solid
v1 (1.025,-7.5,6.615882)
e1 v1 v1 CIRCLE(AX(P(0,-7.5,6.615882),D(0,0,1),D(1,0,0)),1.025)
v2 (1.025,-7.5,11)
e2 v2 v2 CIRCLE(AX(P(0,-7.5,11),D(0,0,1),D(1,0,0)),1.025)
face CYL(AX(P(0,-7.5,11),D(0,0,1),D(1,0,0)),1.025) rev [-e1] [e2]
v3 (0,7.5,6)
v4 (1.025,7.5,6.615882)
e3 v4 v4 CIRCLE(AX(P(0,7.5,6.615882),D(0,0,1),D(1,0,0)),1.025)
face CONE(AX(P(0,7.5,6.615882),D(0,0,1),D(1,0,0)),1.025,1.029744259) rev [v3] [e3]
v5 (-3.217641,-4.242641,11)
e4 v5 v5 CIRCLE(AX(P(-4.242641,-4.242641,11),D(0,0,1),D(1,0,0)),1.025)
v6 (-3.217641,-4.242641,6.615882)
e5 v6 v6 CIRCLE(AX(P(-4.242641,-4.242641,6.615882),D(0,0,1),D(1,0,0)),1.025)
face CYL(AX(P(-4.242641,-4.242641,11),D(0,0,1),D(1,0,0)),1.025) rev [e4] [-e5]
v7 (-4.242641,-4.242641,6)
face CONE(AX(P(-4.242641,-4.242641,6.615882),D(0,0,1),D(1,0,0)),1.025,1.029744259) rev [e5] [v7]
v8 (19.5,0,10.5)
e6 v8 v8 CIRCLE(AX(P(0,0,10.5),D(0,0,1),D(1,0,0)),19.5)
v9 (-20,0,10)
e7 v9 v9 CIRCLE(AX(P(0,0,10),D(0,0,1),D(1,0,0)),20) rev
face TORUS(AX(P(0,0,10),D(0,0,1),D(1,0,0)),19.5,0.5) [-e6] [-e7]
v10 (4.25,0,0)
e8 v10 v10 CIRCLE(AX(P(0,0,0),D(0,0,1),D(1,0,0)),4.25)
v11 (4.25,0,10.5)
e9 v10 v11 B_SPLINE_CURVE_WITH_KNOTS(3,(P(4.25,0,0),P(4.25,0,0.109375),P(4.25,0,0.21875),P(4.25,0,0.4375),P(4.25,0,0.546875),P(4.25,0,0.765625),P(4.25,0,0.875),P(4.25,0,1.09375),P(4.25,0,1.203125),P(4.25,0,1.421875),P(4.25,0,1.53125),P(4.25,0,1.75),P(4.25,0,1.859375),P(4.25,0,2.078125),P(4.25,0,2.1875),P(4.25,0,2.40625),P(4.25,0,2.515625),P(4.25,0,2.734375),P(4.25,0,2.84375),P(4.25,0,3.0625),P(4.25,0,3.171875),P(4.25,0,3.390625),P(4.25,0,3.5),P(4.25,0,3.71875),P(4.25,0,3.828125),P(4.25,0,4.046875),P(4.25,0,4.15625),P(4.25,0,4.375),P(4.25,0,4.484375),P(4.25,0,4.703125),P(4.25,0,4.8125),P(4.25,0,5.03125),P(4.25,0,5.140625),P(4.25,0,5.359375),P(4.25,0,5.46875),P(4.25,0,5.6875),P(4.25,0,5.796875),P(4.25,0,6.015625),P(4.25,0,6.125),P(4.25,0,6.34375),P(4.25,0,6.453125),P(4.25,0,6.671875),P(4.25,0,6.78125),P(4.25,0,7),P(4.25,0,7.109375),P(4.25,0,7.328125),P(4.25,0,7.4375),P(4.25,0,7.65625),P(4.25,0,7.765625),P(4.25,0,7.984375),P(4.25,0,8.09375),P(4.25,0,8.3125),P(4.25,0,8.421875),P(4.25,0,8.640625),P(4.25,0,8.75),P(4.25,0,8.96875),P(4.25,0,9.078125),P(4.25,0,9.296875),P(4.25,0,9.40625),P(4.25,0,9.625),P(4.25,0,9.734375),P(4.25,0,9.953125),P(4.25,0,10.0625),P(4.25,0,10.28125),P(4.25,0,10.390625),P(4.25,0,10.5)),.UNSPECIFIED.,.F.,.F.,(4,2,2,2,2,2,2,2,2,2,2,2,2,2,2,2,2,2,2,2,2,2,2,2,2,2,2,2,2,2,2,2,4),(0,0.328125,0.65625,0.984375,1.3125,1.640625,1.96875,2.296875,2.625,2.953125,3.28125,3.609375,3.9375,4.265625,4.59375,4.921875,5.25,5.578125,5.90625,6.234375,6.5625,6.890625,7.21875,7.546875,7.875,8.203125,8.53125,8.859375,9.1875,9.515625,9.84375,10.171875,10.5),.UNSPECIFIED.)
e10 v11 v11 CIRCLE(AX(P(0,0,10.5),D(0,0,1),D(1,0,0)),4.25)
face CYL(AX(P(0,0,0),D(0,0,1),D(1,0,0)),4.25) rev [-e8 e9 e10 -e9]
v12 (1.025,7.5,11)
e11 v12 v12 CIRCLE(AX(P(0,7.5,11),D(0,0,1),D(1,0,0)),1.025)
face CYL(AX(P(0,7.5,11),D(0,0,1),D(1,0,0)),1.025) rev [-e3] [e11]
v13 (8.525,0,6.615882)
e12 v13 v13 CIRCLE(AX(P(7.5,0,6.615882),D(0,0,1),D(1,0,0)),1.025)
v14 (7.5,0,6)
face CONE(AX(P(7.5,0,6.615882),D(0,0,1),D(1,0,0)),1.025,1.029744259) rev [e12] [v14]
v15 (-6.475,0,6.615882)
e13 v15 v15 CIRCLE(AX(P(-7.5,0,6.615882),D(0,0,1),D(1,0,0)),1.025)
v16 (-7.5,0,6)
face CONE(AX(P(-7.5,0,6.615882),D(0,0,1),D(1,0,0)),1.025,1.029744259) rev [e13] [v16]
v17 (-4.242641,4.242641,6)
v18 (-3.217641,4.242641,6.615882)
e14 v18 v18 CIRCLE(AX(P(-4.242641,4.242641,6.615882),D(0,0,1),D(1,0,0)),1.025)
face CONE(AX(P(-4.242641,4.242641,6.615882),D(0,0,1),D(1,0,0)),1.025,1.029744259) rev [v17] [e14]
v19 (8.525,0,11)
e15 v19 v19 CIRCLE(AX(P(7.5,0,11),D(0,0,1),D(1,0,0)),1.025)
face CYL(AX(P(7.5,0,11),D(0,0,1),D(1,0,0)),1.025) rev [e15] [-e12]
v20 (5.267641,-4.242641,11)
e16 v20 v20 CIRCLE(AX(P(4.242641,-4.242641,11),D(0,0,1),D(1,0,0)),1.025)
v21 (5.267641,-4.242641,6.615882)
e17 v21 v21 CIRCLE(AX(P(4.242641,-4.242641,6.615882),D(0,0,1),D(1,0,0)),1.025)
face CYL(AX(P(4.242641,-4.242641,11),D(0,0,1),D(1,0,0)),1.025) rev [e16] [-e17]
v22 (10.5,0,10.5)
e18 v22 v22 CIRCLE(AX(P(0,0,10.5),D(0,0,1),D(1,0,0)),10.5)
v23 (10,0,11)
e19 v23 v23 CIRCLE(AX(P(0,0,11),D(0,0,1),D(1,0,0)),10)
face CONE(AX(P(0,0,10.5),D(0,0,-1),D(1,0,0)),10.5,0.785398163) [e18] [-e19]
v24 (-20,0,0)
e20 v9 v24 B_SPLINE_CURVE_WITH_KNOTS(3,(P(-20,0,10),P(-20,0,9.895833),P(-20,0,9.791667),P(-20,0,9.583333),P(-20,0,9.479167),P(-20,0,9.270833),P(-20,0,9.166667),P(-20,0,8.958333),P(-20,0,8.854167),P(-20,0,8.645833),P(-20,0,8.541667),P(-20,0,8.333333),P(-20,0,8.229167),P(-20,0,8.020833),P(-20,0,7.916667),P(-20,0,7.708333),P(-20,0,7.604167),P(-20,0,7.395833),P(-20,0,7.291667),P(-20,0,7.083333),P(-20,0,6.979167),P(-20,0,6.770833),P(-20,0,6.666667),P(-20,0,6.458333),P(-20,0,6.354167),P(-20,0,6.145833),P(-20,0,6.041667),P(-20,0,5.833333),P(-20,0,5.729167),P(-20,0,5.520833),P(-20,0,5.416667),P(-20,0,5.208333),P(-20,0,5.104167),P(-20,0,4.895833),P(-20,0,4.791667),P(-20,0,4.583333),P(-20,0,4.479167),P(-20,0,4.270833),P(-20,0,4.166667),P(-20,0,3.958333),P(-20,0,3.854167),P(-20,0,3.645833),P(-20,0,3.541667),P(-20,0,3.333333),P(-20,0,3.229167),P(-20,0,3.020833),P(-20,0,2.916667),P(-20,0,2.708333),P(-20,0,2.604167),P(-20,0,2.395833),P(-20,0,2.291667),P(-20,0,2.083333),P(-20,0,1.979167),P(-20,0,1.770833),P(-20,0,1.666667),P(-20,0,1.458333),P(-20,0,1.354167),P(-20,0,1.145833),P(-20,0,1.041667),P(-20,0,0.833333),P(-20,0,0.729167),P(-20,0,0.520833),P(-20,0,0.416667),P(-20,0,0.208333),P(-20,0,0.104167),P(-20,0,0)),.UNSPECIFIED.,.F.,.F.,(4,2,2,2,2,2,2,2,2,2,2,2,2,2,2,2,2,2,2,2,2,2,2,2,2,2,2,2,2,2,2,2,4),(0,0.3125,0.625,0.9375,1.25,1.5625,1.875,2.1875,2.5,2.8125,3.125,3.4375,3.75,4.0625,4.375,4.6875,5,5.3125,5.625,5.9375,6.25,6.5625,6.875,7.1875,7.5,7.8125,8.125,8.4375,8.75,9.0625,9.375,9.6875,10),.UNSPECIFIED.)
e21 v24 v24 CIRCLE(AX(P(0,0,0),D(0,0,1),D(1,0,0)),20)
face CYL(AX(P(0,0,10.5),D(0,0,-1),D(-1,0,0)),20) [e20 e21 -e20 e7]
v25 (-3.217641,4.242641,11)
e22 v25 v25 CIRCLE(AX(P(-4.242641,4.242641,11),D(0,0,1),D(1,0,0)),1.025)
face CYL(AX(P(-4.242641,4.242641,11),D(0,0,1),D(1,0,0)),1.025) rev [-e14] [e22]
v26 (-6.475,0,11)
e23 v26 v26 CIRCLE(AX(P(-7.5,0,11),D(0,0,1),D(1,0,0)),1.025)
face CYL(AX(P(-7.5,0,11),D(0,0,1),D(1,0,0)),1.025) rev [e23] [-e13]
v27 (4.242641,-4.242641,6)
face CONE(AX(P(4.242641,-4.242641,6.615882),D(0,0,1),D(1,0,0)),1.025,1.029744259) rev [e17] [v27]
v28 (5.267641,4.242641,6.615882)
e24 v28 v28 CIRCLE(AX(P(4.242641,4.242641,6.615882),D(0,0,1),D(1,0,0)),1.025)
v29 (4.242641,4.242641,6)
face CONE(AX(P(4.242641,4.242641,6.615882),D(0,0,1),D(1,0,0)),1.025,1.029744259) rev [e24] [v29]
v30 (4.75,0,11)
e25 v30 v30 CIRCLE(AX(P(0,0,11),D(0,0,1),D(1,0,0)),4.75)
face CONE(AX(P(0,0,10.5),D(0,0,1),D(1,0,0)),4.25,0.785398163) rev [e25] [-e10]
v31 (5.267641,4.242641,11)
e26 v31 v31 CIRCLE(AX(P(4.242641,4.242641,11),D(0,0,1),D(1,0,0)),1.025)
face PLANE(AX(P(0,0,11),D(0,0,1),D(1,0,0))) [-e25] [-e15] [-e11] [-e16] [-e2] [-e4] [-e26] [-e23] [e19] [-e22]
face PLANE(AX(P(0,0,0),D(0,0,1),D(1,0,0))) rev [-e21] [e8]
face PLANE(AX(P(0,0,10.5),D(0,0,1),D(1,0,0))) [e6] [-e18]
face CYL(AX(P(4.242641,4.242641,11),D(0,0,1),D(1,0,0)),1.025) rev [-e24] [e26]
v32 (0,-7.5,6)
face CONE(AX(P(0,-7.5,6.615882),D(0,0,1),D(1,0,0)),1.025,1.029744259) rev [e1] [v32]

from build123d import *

# Parameters (mm, degrees)
SKETCH1_R                    = 20
BOSS_EXTRUDE1_DEPTH          = 10.5
SKETCH2_R                    = 10.5
SKETCH2_R_2                  = 4.25
BOSS_EXTRUDE3_DEPTH          = 0.5
BOSS_EXTRUDE3_DRAFT          = 45
SKETCH3_R                    = 4.25
CUT_EXTRUDE1_DEPTH           = 10.5
M2_5X0_45_TAPPED_HOLE1_D     = 2.05
M2_5X0_45_TAPPED_HOLE1_DEPTH = 4.384117865
M2_5X0_45_TAPPED_HOLE1_TIP   = 0.615882135
FILLET1_R                    = 0.5


with BuildPart() as part:
    # Sketch1 → Boss-Extrude1 (new body)
    with BuildSketch(Plane(origin=(0, 0, 0), x_dir=(0, 1, 0), z_dir=(0, 0, 1))):
        with Locations(Location((0, 0, 0), (0, 0, 90))):
            Circle(SKETCH1_R)
    extrude(amount=BOSS_EXTRUDE1_DEPTH)


with BuildPart() as boss_extrude3_tool:
    # Sketch2 → Boss-Extrude3 (with draft: the straight prism first)
    with BuildSketch(Plane.XY.offset(10.5)):
        Circle(SKETCH2_R)
        Circle(SKETCH2_R_2, mode=Mode.SUBTRACT)
    extrude(amount=BOSS_EXTRUDE3_DEPTH)
    # Boss-Extrude3: the draft: its side faces are tilted about the plane it starts from
    boss_extrude3_sides = [boss_extrude3_tool.faces().sort_by_distance(p)[0] for p in [
        (-10.5, 0, 10.75),
        (-4.25, 0, 10.75),
    ]]
    draft(boss_extrude3_sides, Plane.XY.offset(10.5), BOSS_EXTRUDE3_DRAFT)


with BuildPart() as part_1:
    add(part.part)

    # Boss-Extrude3: add boss_extrude3_tool
    add(boss_extrude3_tool.part)

    # Sketch3 → Cut-Extrude1 (cut)
    with BuildSketch(Plane.XY.offset(10.5)):
        Circle(SKETCH3_R)
    extrude(amount=-CUT_EXTRUDE1_DEPTH, mode=Mode.SUBTRACT)

    # M2.5x0.45 Tapped Hole1
    with Locations(Plane(origin=(0, 0, 11), x_dir=(0, -1, 0), z_dir=(0, 0, 1))):
        with Locations((4.242640687, -4.242640687), (-7.5, 0), (0, -7.5), (7.5, 0), (0, 7.5), (4.242640687, 4.242640687), (-4.242640687, 4.242640687), (-4.242640687, -4.242640687)):
            Hole(M2_5X0_45_TAPPED_HOLE1_D / 2, depth=M2_5X0_45_TAPPED_HOLE1_DEPTH)
            with Locations((0, 0, -(M2_5X0_45_TAPPED_HOLE1_DEPTH + M2_5X0_45_TAPPED_HOLE1_TIP / 2))):  # 118° drill point
                Cone(0, M2_5X0_45_TAPPED_HOLE1_D / 2, M2_5X0_45_TAPPED_HOLE1_TIP, mode=Mode.SUBTRACT)

    # Fillet1
    fillet1_edges = [part_1.edges().sort_by_distance(p)[0] for p in [
        (20, 0, 10.5),
    ]]
    fillet(fillet1_edges, radius=FILLET1_R)


solid = part_1.part
